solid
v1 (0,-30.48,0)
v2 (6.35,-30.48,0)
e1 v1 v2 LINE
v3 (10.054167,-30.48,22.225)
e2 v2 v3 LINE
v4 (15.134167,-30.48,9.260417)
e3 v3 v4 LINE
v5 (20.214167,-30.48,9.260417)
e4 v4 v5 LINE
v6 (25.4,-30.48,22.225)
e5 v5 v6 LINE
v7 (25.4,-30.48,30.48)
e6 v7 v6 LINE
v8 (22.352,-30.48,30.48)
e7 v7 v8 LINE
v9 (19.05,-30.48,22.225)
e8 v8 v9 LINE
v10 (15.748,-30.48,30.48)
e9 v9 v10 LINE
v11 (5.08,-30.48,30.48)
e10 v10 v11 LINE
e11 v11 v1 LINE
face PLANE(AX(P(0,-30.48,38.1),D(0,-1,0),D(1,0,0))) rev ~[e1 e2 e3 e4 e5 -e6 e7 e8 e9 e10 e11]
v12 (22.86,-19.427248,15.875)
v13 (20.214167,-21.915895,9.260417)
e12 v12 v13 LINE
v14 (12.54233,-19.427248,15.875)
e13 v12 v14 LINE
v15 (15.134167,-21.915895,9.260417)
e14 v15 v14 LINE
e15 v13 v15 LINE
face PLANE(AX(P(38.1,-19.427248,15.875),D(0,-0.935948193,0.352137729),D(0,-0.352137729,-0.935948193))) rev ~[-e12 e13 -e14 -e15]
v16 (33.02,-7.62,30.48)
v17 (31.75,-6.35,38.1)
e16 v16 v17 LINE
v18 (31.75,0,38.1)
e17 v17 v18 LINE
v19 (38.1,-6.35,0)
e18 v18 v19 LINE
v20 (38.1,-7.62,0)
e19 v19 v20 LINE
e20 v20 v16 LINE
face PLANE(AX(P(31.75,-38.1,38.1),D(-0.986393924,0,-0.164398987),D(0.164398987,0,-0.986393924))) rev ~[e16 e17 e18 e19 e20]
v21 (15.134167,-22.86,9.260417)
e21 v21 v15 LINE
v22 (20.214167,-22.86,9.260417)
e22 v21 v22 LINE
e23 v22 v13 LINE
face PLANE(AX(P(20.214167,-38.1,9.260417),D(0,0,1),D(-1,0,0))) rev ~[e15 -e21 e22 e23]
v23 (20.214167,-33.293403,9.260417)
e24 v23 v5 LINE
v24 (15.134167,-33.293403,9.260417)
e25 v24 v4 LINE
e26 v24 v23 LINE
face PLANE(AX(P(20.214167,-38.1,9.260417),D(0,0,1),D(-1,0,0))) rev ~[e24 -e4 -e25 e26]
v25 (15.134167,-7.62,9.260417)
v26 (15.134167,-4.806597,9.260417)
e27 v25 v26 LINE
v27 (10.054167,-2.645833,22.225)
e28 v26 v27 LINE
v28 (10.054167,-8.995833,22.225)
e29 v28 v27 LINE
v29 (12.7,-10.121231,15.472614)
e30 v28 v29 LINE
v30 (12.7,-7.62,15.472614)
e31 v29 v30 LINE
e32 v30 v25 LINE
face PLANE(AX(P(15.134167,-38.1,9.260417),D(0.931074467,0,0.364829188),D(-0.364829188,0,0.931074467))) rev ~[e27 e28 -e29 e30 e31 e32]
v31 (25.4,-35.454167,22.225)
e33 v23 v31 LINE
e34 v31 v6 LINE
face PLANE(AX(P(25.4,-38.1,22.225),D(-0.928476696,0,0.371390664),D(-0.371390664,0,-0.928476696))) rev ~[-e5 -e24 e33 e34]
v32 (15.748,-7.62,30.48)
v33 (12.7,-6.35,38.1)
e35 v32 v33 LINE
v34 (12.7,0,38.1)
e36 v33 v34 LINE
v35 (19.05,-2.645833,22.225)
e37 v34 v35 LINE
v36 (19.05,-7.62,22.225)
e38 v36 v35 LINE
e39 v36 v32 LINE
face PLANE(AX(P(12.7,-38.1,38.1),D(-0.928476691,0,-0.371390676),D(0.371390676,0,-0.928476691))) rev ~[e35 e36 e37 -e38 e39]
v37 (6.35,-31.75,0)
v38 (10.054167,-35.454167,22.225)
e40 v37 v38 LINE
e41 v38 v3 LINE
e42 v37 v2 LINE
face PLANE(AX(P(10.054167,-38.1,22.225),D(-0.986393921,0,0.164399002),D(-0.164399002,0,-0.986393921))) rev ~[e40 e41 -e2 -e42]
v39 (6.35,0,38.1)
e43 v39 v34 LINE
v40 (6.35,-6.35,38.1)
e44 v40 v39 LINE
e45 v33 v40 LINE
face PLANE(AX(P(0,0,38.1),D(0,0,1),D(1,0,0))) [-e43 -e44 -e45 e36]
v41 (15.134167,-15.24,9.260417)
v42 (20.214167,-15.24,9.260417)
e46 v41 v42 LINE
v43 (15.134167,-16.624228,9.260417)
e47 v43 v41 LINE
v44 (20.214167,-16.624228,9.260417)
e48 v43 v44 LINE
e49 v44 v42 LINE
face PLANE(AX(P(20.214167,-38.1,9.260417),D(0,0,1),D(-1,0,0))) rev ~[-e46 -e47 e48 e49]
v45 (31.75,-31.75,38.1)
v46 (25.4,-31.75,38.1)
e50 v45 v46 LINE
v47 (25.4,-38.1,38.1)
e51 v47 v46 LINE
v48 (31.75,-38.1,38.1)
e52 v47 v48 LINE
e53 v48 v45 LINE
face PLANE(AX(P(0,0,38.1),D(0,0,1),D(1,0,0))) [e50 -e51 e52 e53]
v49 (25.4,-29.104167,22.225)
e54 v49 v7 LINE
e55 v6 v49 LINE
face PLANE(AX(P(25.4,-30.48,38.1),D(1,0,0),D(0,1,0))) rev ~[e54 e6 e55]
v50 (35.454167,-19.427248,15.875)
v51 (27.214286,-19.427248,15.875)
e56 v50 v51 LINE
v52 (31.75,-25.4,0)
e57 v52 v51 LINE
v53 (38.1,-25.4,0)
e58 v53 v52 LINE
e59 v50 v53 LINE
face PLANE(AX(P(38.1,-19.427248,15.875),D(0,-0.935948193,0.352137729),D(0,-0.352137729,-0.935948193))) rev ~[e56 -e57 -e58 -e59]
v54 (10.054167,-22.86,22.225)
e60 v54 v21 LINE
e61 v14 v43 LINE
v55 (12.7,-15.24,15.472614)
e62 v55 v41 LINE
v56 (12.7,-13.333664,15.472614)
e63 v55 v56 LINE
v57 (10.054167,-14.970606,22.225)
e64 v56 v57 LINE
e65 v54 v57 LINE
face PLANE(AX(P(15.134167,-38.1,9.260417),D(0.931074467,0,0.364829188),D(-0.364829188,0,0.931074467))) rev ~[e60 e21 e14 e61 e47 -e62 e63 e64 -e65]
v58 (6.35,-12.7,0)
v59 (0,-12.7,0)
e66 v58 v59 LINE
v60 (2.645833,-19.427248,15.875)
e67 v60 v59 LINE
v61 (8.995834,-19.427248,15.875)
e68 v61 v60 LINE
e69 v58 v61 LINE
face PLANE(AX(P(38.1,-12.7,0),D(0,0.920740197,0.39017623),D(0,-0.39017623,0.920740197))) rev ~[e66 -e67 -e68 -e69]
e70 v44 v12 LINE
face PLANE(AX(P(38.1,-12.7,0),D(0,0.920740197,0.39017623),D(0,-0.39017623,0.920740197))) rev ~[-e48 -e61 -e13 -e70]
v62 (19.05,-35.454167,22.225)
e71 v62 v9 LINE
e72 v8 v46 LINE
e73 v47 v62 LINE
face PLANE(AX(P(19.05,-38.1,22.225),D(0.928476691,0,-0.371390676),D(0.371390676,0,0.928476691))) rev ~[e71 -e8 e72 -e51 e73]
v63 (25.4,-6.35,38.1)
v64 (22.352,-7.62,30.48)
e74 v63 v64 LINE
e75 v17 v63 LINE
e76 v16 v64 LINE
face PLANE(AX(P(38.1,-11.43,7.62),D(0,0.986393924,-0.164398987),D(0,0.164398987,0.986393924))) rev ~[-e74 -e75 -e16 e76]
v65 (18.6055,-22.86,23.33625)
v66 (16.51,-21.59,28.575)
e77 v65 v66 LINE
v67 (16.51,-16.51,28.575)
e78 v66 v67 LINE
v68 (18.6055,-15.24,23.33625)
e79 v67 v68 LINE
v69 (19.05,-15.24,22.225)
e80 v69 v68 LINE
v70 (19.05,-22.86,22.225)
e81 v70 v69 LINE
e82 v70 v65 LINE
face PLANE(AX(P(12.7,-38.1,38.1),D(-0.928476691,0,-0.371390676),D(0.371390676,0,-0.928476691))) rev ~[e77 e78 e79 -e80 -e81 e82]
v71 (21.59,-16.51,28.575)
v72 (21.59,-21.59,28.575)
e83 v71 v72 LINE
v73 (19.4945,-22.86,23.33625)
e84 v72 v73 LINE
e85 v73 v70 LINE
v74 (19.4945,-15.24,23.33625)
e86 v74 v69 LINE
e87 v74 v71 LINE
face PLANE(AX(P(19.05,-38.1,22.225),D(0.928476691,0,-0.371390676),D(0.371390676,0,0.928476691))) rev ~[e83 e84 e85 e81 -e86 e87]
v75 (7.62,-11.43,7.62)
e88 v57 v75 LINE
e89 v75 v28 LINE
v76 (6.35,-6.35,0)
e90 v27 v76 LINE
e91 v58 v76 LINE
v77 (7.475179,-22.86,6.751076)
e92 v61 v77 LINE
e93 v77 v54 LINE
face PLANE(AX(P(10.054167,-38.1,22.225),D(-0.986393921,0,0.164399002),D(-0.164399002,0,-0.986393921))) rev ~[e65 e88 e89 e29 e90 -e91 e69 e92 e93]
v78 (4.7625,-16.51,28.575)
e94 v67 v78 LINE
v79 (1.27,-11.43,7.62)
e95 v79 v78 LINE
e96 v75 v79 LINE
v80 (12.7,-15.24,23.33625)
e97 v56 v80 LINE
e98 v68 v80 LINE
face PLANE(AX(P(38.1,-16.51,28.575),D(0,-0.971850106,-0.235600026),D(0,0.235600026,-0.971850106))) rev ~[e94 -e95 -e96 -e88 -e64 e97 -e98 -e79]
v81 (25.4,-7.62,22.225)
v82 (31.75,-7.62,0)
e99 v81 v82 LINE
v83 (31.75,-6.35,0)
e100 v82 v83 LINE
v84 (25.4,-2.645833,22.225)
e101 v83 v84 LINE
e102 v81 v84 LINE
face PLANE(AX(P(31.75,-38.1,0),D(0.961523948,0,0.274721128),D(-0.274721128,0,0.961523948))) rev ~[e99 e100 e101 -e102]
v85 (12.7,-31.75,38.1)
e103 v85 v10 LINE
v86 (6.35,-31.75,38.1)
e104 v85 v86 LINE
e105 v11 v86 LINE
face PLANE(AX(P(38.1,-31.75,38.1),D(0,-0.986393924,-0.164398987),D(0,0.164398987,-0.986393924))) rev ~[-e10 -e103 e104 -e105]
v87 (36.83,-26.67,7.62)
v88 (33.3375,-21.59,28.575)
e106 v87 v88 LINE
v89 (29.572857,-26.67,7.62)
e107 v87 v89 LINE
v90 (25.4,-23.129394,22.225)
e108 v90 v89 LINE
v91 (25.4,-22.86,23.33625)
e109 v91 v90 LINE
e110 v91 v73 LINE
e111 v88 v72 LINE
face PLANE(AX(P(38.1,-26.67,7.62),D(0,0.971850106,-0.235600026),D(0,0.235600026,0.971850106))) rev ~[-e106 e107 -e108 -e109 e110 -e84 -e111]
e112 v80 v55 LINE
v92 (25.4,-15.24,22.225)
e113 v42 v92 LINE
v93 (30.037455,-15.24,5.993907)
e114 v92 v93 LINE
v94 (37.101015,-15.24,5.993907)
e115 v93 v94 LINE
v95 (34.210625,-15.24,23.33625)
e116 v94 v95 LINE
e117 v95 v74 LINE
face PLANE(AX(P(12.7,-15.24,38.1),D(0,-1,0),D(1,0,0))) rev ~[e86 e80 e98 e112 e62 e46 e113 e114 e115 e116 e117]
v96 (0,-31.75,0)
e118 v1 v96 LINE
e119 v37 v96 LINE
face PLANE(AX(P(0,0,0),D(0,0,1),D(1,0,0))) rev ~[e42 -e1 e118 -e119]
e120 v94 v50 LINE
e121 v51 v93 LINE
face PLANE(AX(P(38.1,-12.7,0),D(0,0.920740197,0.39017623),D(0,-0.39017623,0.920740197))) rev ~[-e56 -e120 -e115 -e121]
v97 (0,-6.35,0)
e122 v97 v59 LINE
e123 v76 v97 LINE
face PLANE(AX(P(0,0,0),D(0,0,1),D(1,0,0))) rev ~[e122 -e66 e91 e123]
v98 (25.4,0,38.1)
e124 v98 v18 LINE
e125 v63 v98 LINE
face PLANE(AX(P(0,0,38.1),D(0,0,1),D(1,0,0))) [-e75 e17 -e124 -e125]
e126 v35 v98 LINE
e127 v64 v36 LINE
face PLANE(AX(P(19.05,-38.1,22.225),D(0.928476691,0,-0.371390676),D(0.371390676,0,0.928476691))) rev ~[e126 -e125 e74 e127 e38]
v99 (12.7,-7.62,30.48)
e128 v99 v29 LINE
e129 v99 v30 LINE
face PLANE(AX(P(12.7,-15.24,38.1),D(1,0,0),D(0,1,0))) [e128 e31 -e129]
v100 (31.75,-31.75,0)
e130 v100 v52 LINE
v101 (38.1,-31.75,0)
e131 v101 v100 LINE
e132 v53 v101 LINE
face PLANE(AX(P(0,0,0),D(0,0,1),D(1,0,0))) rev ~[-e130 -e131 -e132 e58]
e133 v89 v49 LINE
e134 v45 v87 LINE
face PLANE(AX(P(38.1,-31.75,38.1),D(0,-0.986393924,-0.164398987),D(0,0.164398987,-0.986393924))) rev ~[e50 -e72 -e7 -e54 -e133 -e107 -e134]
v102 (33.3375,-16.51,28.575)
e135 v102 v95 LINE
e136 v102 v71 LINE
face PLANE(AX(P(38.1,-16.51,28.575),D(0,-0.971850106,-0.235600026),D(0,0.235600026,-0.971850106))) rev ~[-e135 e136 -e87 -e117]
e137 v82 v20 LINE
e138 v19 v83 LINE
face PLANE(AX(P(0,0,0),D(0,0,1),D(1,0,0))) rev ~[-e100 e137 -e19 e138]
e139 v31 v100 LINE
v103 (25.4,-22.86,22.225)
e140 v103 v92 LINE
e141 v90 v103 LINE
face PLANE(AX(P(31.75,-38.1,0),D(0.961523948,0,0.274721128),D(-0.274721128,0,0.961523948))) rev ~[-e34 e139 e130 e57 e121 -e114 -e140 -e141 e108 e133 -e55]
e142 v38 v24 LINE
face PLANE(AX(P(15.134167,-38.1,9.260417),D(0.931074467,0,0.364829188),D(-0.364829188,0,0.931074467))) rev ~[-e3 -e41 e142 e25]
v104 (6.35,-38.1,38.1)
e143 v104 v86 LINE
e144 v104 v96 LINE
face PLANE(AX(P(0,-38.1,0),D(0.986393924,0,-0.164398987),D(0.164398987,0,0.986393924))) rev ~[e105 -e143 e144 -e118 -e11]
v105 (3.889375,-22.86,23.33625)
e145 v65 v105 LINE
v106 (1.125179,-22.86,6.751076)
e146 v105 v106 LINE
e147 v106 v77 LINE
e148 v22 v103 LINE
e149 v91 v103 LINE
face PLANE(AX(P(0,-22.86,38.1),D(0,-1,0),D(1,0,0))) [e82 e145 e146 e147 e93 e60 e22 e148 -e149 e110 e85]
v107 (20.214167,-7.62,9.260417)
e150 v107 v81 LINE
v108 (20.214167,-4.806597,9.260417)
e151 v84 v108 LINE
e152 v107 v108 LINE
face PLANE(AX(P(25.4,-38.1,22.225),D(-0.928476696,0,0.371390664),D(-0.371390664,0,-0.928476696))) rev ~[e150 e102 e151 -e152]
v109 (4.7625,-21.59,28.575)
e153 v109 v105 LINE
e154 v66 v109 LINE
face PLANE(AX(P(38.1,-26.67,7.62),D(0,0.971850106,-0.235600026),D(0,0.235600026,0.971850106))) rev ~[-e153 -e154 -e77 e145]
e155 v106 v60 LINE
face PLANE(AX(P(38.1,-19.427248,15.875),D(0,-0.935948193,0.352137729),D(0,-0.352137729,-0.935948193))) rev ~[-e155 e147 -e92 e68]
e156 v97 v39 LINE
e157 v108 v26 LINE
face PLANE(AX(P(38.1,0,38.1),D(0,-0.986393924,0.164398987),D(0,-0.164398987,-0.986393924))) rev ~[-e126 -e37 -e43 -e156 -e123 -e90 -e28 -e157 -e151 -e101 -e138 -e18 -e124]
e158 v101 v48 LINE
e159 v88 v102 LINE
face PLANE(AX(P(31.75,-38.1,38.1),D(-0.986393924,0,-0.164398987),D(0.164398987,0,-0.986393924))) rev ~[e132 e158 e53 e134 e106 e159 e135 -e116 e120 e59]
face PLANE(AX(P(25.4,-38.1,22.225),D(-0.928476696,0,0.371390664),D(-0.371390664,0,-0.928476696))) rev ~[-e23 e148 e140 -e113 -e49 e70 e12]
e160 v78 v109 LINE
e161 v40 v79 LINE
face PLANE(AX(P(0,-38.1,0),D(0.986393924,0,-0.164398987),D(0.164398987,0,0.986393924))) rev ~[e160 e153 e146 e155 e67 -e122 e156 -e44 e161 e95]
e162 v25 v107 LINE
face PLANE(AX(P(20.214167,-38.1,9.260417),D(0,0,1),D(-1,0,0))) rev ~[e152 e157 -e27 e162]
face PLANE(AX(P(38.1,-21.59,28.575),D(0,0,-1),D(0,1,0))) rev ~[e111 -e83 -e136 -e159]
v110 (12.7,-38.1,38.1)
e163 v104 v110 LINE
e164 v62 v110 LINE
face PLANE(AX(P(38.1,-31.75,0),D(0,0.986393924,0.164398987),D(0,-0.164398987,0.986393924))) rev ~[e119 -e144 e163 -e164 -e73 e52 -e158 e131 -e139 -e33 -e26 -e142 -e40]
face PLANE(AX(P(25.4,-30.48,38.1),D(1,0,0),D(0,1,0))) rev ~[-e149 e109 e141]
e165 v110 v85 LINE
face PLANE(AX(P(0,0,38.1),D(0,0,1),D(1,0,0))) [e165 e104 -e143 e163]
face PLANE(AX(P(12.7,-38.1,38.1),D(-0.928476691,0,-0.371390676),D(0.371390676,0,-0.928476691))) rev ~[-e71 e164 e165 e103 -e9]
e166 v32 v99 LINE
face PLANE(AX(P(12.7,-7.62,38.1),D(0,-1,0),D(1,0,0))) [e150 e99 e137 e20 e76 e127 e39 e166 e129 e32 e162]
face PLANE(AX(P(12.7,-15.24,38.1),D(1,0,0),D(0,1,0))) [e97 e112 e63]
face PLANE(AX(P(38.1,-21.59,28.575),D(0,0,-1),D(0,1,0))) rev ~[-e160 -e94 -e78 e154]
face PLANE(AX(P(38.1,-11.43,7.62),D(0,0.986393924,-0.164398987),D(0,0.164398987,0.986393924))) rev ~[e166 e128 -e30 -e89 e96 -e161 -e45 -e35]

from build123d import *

# Parameters (mm, degrees)
F0_W      = 38.1
F0_H      = 38.1
F1_DEPTH  = 38.1
F6_DEPTH  = 38.1
F8_DEPTH  = 38.1
F9_W      = 25.4
F9_H      = 7.62
F10_DEPTH = 38.1


with BuildPart() as f1:
    # F0 (on Front) → F1 (new body)
    with BuildSketch(Plane.XZ):
        with Locations((19.05, 19.05)):
            Rectangle(F0_W, F0_H)
    extrude(amount=F1_DEPTH)

    # F5 (on offset) → F6 (cut)
    with BuildSketch(Plane.YZ.offset(38.1)):
        Polygon((-11.43, 7.62), (-6.35, 38.1), (-31.75, 38.1), (-26.67, 7.62), (-21.59, 28.575), (-16.51, 28.575), align=None)
        Polygon((-31.75, 0), (-38.1, 38.1), (-38.1, 0), align=None)
        Polygon((-25.4, 0), (-12.7, 0), (-19.427248, 15.875), align=None)
        Polygon((-6.35, 0), (0, 0), (0, 38.1), align=None)
    extrude(amount=-F6_DEPTH, mode=Mode.SUBTRACT)

    # F7 (on offset) → F8 (cut)
    with BuildSketch(Plane.XZ.offset(38.1)):
        Polygon((10.054167, 22.225), (6.35, 0), (31.75, 0), (25.4, 22.225), (20.214167, 9.260417), (15.134167, 9.260417), align=None)
        Polygon((0, 38.1), (0, 0), (6.35, 38.1), align=None)
        Polygon((25.4, 38.1), (12.7, 38.1), (19.05, 22.225), align=None)
        Polygon((31.75, 38.1), (38.1, 0), (38.1, 38.1), align=None)
    extrude(amount=-F8_DEPTH, mode=Mode.SUBTRACT)

    # F9 (on offset) → F10 (cut)
    with BuildSketch(Plane.XY.offset(38.1)):
        with Locations((25.4, -11.43)):
            Rectangle(F9_W, F9_H)
        with Locations((12.7, -26.67)):
            Rectangle(F9_W, F9_H)
    extrude(amount=-F10_DEPTH, mode=Mode.SUBTRACT)


solid = f1.part
